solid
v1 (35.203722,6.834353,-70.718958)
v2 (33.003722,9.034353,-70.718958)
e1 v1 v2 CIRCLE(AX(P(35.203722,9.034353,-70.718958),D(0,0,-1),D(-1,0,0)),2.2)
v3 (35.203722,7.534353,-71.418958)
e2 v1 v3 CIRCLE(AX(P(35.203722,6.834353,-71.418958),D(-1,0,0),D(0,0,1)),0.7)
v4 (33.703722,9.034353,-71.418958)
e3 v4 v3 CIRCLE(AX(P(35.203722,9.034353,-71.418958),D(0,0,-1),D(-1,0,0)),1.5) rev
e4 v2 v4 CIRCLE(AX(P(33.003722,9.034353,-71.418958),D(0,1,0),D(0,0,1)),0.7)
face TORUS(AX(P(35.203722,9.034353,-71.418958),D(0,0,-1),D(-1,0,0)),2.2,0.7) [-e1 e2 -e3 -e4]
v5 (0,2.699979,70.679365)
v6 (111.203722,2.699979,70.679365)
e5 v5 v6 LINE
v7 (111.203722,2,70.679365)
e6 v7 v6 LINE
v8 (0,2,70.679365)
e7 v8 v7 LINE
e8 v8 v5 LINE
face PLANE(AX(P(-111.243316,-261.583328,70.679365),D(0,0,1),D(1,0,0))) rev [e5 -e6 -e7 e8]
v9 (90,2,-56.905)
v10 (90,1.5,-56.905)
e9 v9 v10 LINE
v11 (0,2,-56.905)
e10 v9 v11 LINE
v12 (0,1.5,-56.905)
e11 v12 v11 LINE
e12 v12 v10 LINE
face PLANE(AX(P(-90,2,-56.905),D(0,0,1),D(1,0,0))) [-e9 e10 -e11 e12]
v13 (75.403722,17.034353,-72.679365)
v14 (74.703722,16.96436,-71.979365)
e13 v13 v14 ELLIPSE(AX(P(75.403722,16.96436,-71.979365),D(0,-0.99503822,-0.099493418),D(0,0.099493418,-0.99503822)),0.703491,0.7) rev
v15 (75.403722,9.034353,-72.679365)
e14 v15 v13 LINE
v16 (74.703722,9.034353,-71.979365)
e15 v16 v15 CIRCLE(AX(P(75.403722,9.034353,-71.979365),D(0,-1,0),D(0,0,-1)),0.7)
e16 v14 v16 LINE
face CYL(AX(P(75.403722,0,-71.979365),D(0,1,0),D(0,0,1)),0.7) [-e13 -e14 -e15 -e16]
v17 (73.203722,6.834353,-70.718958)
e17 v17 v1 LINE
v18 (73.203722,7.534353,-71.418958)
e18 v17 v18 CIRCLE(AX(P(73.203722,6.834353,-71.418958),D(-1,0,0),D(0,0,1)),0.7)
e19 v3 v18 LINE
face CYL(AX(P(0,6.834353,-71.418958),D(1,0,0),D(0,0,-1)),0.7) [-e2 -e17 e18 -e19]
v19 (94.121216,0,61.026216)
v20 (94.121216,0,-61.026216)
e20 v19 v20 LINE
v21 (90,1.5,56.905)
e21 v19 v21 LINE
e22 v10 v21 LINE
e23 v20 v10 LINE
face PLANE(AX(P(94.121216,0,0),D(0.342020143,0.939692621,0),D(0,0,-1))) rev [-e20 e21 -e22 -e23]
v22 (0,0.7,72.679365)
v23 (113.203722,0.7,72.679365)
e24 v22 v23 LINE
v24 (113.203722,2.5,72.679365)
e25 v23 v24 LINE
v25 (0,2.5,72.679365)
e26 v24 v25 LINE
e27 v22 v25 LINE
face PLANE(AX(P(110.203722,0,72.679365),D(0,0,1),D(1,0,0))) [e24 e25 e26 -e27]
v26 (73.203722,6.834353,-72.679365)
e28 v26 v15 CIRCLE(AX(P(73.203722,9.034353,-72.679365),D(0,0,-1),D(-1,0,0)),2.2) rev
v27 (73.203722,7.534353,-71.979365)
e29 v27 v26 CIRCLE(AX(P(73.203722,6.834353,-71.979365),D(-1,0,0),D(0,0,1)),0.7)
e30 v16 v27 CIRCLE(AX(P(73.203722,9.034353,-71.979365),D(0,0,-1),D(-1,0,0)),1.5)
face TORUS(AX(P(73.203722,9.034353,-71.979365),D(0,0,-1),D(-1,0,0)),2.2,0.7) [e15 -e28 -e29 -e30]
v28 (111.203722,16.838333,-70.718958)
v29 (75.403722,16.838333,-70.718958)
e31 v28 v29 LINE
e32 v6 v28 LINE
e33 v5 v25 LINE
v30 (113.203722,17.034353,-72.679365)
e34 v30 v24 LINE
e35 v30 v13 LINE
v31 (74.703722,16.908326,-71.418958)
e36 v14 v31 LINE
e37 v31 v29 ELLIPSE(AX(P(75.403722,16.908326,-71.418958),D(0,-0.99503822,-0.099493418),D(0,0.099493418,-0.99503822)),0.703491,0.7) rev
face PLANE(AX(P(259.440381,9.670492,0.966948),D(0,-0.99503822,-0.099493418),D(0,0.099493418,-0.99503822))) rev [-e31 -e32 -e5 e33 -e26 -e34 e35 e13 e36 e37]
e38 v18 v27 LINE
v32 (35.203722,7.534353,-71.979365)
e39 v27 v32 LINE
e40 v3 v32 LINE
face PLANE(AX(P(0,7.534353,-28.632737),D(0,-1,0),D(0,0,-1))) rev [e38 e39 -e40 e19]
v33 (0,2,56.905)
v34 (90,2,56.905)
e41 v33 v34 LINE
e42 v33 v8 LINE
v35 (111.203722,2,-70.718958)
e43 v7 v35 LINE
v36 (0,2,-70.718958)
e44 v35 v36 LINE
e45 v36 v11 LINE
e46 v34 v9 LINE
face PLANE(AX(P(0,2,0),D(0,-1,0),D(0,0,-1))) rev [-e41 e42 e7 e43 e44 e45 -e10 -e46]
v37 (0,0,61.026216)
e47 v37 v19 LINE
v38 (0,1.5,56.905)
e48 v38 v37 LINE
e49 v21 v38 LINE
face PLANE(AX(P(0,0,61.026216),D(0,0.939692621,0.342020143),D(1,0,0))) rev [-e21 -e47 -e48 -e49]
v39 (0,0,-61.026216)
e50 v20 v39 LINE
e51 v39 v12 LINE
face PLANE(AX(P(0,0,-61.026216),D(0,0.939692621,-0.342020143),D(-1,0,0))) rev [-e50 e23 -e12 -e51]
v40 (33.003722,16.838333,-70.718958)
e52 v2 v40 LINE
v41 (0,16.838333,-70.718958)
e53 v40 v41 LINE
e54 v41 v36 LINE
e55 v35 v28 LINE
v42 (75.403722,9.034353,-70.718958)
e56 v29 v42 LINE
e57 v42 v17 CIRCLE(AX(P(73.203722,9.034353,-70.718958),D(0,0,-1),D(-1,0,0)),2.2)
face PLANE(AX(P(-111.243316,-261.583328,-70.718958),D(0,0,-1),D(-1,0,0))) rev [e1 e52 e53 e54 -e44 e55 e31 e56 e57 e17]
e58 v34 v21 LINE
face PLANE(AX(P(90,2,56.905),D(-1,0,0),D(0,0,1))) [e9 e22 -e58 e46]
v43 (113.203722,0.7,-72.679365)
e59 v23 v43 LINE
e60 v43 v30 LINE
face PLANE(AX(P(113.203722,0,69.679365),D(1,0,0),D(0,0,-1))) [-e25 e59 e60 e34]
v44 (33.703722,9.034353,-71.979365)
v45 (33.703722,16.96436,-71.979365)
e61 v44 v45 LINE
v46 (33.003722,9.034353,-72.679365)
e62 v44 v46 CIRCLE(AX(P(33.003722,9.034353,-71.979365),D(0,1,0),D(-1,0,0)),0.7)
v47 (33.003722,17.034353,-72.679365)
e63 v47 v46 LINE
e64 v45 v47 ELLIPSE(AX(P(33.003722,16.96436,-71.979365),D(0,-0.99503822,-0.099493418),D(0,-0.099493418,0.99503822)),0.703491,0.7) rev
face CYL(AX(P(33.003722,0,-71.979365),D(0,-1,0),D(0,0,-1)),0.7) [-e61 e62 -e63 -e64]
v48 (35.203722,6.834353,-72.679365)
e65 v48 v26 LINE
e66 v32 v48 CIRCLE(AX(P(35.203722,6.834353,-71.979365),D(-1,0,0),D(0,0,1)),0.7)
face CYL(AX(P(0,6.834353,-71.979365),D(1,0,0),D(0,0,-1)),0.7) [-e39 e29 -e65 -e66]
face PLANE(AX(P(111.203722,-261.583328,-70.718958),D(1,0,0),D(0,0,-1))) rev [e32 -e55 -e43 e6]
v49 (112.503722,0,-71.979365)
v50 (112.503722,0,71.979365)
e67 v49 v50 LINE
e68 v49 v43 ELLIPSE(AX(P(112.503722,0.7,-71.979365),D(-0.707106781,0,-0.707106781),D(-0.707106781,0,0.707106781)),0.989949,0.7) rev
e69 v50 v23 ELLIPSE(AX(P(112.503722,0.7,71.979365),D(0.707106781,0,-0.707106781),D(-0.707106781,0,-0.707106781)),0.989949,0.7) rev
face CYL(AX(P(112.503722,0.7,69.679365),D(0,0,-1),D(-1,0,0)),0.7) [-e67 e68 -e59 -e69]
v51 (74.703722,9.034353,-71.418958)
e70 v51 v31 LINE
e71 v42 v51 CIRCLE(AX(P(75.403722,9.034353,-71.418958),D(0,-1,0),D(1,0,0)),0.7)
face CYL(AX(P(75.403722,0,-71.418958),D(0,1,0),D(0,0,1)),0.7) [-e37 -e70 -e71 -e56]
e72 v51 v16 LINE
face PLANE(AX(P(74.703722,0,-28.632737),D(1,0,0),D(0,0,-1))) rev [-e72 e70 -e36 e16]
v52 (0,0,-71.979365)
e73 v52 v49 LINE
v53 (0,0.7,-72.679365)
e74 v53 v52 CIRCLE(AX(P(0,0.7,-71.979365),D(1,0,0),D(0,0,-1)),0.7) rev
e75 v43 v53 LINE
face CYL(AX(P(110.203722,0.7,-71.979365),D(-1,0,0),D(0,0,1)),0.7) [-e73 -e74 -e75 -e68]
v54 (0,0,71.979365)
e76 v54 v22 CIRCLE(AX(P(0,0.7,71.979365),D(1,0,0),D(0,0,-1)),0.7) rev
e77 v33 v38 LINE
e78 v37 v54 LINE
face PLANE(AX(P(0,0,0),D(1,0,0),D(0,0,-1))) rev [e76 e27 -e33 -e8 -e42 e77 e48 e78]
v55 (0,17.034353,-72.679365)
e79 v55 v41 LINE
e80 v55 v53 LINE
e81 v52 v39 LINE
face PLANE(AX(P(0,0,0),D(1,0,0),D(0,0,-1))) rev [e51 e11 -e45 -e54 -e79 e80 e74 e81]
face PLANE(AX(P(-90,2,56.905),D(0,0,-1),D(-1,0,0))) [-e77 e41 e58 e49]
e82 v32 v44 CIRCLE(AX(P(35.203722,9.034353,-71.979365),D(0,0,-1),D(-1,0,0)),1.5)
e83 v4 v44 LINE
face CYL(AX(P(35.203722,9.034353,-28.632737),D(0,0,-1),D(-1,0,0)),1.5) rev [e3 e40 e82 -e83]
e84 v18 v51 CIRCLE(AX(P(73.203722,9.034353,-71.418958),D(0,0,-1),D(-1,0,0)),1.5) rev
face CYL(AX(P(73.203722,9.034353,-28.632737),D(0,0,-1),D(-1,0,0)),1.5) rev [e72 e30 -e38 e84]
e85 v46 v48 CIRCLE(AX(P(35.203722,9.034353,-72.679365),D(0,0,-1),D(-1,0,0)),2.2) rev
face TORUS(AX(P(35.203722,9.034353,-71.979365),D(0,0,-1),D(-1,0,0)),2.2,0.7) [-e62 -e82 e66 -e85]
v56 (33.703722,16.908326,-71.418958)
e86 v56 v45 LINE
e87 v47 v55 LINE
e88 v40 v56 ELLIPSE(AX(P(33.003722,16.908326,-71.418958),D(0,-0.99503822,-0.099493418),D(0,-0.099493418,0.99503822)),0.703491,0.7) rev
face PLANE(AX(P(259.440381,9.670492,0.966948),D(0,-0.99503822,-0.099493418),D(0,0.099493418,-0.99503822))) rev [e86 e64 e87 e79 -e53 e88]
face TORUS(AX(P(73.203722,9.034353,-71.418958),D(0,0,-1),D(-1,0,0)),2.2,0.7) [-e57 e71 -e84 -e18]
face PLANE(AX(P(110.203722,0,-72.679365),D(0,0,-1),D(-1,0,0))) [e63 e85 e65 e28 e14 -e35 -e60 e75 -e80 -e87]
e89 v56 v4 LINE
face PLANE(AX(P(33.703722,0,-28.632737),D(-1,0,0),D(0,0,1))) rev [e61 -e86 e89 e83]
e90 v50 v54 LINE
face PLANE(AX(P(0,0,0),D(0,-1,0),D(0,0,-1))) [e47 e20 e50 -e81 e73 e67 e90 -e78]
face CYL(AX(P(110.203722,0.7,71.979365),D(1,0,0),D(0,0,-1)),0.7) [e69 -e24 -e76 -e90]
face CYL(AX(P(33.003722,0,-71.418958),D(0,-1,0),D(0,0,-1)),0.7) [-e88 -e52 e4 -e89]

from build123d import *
from OCP.BRepFilletAPI import BRepFilletAPI_MakeChamfer

# Parameters (mm, degrees)
CROQUIS1_W                 = 220.407444928
CROQUIS1_H                 = 139.358729484
CROQUIS1_W_2               = 180
CROQUIS1_H_2               = 113.81
SALIENTE_EXTRUIR1_DEPTH    = 2
EXTRUIR_L_MINA3_DEPTH      = 16.5
EXTRUIR_L_MINA3_DEPTH_BACK = 2
CROQUIS2_W                 = 226.407444928
CROQUIS2_H                 = 145.358729484
CROQUIS2_W_2               = 220.407444928
CROQUIS2_H_2               = 139.358729484
CROQUIS6_W                 = 222.447038553
CROQUIS6_H                 = 141.398323109
CORTAR_EXTRUIR2_DEPTH      = 16.5
CORTAR_EXTRUIR3_REACH      = 240.505
CORTAR_EXTRUIR4_DEPTH      = 1.960406375
REDONDEO2_R                = 0.7
CHAFL_N1_SIZE              = 1.5
CHAFL_N1_SIZE2             = 4.121216129
REDONDEO3_R                = 0.7


with BuildPart() as part:
    # Croquis1 → Saliente-Extruir1 (new body)
    with BuildSketch(Plane(origin=(0, 0, 0), x_dir=(1, 0, 0), z_dir=(0, 1, 0))):
        Rectangle(CROQUIS1_W, CROQUIS1_H)
        Rectangle(CROQUIS1_W_2, CROQUIS1_H_2, mode=Mode.SUBTRACT)
    extrude(amount=SALIENTE_EXTRUIR1_DEPTH)

    # Croquis2 → Extruir-Lámina3 (add, two sides: drawn at the far end of the back side and taken through both)
    with BuildSketch(Plane(origin=(0, 2, 0), x_dir=(1, 0, 0), z_dir=(0, 1, 0)).offset(-EXTRUIR_L_MINA3_DEPTH_BACK)):
        Rectangle(CROQUIS2_W, CROQUIS2_H)
        Rectangle(CROQUIS2_W_2, CROQUIS2_H_2, mode=Mode.SUBTRACT)
    extrude(amount=EXTRUIR_L_MINA3_DEPTH + EXTRUIR_L_MINA3_DEPTH_BACK)

    # Croquis6 → Cortar-Extruir2 (cut)
    with BuildSketch(Plane(origin=(0, 18.5, 0), x_dir=(1, 0, 0), z_dir=(0, 1, 0))):
        with Locations((-0.019796812, 0.019796812)):
            Rectangle(CROQUIS6_W, CROQUIS6_H)
    extrude(amount=-CORTAR_EXTRUIR2_DEPTH, mode=Mode.SUBTRACT)

    # Cortar-Extruir3: up to this face of the body (flat: up to its plane)
    cortar_extruir3_end = Plane(part.part.faces().sort_by_distance((113.203722464, 9.25, 0))[0])
    # Croquis7 → Cortar-Extruir3 (cut, up to the picked face)
    with BuildSketch(Plane.ZY.offset(113.203722464), mode=Mode.PRIVATE) as cortar_extruir3_sk1:
        Polygon((-72.679364742, 18.5), (-72.679364742, 17.034353119), (72.679364742, 2.5), (72.679364742, 18.5), align=None)
    cortar_extruir3_tool1 = split(extrude(cortar_extruir3_sk1.sketch, amount=-CORTAR_EXTRUIR3_REACH, mode=Mode.PRIVATE), bisect_by=cortar_extruir3_end, keep=Keep.BOTH, mode=Mode.PRIVATE)
    add(cortar_extruir3_tool1.solids().sort_by(Axis((-113.203722, 13.12567, 20.160481), (1, 0, 0)))[0], mode=Mode.SUBTRACT)

    # Croquis8 → Cortar-Extruir4 (cut)
    with BuildSketch(Plane(origin=(0, 0, -72.679364742), x_dir=(-1, 0, 0), z_dir=(0, 0, -1))):
        with BuildLine():
            Line((-33.703722464, 17.034353119), (-74.703722464, 17.034353119))
            Line((-74.703722464, 17.034353119), (-74.703722464, 9.034353119))
            ThreePointArc((-74.703722464, 9.034353119), (-74.264382636, 7.973692947), (-73.203722464, 7.534353119))
            Line((-73.203722464, 7.534353119), (-35.203722464, 7.534353119))
            ThreePointArc((-35.203722464, 7.534353119), (-34.143062292, 7.973692947), (-33.703722464, 9.034353119))
            Line((-33.703722464, 9.034353119), (-33.703722464, 17.034353119))
        make_face()
    extrude(amount=-CORTAR_EXTRUIR4_DEPTH, mode=Mode.SUBTRACT)

    # Redondeo2
    redondeo2_edges = [part.edges().sort_by_distance(p)[0] for p in [
        (33.703722464, 12.936343049, -70.718958367),
        (34.143062292, 7.973692947, -70.718958367),
        (54.203722464, 7.534353119, -70.718958367),
        (74.264382636, 7.973692947, -70.718958367),
        (74.703722464, 12.936343049, -70.718958367),
        (74.703722464, 13.034353119, -72.679364742),
        (74.264382636, 7.973692947, -72.679364742),
        (54.203722464, 7.534353119, -72.679364742),
        (34.143062292, 7.973692947, -72.679364742),
        (33.703722464, 13.034353119, -72.679364742),
    ]]
    fillet(redondeo2_edges, radius=REDONDEO2_R)

    # Chaflán1: one chamfer whose edges measure the first distance from different faces: ONE call of the kernel's chamfer builder (chamfer() names one face for all edges)
    chafl_n1_edges_1 = [part.edges().sort_by_distance(p)[0] for p in [
        (90, 0, 0),
    ]]
    chafl_n1_side_1 = [part.faces().sort_by_distance(p)[0] for p in [
        (90, 1, 0),
    ]]
    chafl_n1_edges_2 = [part.edges().sort_by_distance(p)[0] for p in [
        (0, 0, -56.905),
    ]]
    chafl_n1_side_2 = [part.faces().sort_by_distance(p)[0] for p in [
        (0, 1, -56.905),
    ]]
    chafl_n1_edges_3 = [part.edges().sort_by_distance(p)[0] for p in [
        (-90, 0, 0),
    ]]
    chafl_n1_side_3 = [part.faces().sort_by_distance(p)[0] for p in [
        (-90, 1, 0),
    ]]
    chafl_n1_edges_4 = [part.edges().sort_by_distance(p)[0] for p in [
        (0, 0, 56.905),
    ]]
    chafl_n1_side_4 = [part.faces().sort_by_distance(p)[0] for p in [
        (0, 1, 56.905),
    ]]
    chafl_n1 = BRepFilletAPI_MakeChamfer(part.part.solid().wrapped)
    for e in chafl_n1_edges_1:
        chafl_n1.Add(CHAFL_N1_SIZE, CHAFL_N1_SIZE2, e.wrapped, chafl_n1_side_1[0].wrapped)  # the first distance lies on this face
    for e in chafl_n1_edges_2:
        chafl_n1.Add(CHAFL_N1_SIZE, CHAFL_N1_SIZE2, e.wrapped, chafl_n1_side_2[0].wrapped)  # the first distance lies on this face
    for e in chafl_n1_edges_3:
        chafl_n1.Add(CHAFL_N1_SIZE, CHAFL_N1_SIZE2, e.wrapped, chafl_n1_side_3[0].wrapped)  # the first distance lies on this face
    for e in chafl_n1_edges_4:
        chafl_n1.Add(CHAFL_N1_SIZE, CHAFL_N1_SIZE2, e.wrapped, chafl_n1_side_4[0].wrapped)  # the first distance lies on this face
    add(Compound.cast(chafl_n1.Shape()), mode=Mode.REPLACE)

    # Redondeo3
    redondeo3_edges = [part.edges().sort_by_distance(p)[0] for p in [
        (-113.203722464, 0, 0),
        (0, 0, -72.679364742),
        (113.203722464, 0, 0),
        (0, 0, 72.679364742),
    ]]
    fillet(redondeo3_edges, radius=REDONDEO3_R)

    # Partir2
    split(bisect_by=Plane(origin=(0, 0, 0), x_dir=(0, 0, 1), z_dir=(1, 0, 0)), keep=Keep.TOP)


solid = part.part
